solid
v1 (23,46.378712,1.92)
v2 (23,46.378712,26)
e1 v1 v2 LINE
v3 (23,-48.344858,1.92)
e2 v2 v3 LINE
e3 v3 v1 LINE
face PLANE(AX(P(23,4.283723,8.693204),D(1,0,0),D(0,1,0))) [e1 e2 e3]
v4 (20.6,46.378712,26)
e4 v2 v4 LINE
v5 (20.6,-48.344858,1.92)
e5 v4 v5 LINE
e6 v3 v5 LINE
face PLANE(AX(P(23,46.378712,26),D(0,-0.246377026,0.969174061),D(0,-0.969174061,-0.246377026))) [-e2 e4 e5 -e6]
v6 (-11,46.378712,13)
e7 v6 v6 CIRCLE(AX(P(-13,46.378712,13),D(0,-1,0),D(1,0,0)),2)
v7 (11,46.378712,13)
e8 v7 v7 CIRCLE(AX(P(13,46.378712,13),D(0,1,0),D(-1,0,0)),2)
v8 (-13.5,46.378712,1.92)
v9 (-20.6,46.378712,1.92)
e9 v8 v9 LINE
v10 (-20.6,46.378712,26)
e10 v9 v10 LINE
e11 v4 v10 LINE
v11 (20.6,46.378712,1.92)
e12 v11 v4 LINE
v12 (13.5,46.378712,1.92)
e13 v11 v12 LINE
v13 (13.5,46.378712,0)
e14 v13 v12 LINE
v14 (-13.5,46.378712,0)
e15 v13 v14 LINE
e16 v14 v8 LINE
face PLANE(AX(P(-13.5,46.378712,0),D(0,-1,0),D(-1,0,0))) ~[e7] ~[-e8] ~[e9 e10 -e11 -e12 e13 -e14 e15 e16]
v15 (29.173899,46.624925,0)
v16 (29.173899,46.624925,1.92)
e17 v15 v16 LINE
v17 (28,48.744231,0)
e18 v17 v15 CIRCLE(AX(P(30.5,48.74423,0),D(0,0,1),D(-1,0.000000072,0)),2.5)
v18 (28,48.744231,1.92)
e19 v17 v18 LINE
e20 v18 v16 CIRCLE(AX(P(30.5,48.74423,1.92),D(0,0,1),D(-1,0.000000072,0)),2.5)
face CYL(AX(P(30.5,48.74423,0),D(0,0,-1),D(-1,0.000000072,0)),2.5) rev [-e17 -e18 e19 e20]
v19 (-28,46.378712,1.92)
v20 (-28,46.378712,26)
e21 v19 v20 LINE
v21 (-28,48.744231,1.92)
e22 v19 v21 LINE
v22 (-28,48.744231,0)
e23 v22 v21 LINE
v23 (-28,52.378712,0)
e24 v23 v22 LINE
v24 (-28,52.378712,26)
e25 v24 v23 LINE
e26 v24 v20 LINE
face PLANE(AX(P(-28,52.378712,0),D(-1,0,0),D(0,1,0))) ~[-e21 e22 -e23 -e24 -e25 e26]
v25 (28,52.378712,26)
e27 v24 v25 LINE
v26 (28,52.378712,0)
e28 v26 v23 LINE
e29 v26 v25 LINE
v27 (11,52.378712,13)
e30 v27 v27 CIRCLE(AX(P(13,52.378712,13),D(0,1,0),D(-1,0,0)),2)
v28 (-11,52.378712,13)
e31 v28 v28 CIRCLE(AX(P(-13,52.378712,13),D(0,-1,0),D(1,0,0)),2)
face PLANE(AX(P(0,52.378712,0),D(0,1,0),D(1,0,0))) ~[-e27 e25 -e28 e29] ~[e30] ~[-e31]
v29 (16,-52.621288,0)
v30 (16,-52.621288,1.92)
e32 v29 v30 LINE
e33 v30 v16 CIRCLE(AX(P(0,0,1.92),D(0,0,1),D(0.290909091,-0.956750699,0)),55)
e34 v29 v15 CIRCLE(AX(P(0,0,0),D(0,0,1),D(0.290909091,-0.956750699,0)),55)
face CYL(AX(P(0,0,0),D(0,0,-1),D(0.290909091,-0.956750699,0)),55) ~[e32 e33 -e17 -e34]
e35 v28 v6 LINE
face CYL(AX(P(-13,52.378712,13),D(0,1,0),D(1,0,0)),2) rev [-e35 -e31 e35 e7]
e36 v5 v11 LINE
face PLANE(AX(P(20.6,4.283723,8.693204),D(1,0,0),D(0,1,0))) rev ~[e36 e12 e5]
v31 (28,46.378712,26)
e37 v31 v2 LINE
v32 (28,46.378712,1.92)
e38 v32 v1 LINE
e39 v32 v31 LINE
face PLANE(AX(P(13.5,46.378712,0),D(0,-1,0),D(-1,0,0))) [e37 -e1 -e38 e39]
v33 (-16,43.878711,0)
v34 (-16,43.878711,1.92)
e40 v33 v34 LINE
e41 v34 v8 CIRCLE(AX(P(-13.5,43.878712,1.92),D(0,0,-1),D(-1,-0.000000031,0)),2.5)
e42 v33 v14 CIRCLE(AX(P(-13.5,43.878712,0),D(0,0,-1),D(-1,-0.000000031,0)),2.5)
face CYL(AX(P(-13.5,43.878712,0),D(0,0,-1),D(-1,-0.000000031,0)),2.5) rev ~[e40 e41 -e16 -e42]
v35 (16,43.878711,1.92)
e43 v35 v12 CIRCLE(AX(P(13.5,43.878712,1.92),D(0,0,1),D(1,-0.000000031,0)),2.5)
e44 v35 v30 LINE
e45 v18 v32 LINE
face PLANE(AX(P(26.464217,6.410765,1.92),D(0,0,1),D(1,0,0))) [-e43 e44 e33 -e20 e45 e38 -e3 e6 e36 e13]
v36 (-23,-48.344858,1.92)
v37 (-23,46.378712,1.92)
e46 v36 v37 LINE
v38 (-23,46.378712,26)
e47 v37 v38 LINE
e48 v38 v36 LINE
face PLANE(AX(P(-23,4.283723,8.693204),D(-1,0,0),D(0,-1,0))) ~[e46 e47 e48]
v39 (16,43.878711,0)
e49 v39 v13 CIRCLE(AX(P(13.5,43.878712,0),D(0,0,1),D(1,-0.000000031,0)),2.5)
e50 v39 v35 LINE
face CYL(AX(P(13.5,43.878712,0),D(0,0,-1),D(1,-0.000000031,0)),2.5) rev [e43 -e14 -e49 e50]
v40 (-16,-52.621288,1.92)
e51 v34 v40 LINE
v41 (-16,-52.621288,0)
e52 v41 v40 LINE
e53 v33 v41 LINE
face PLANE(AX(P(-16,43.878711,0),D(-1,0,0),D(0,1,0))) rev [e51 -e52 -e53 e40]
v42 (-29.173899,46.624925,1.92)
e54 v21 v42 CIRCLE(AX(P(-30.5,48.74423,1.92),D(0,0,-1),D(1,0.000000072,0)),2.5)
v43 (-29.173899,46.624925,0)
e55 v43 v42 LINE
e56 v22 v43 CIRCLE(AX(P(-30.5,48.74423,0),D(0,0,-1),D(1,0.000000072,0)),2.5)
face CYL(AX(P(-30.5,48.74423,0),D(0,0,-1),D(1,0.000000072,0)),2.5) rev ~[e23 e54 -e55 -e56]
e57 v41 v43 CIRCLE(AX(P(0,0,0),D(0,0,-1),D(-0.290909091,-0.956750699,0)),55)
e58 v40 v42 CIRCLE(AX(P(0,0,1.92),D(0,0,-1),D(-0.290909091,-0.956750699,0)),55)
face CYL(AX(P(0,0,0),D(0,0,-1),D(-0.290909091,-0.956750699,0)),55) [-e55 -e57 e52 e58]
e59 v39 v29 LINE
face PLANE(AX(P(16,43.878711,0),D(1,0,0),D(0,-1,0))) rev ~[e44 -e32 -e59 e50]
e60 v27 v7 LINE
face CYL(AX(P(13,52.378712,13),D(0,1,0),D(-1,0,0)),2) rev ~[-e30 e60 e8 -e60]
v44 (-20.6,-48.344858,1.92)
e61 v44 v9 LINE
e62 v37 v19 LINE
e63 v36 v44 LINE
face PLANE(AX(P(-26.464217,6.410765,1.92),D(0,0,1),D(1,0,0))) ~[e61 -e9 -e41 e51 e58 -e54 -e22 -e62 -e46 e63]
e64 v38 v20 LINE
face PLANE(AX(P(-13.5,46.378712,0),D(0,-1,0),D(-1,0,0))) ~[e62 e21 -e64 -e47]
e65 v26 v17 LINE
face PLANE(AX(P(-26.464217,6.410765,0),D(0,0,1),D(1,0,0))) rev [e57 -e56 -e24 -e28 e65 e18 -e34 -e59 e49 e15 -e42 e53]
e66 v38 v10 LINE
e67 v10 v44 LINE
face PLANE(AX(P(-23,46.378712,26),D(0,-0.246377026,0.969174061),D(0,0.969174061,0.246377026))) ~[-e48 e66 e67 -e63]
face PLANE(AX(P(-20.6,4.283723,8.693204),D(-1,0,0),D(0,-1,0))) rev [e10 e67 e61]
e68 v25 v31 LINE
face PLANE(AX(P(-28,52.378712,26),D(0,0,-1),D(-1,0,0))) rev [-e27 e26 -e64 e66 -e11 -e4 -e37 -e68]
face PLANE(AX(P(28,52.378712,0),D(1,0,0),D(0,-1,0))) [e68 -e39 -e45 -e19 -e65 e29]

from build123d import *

# Parameters (mm, degrees)
PAD018_DEPTH = 1.92
SKETCH042_W  = 28
SKETCH042_H  = 26
SKETCH042_R  = 2
PAD020_DEPTH = 6
PAD021_DEPTH = 2.4


with BuildPart() as part:
    # Sketch038 → Pad018 (new body)
    with BuildSketch(Plane.XY):
        with BuildLine():
            ThreePointArc((16, -52.6212884677), (54.5217663163, -7.237195434), (29.1738989847, 46.6249248582))
            ThreePointArc((28, 48.7442306082), (28.3130783141, 47.5328784807), (29.1738989848, 46.6249248582))
            Line((28, 52.3787115323), (28, 48.7442306082))
            Line((0, 52.3787115323), (28, 52.3787115323))
            Line((0, 46.3787115323), (0, 52.3787115323))
            Line((13.5000003539, 46.3787115323), (0, 46.3787115323))
            ThreePointArc((16, 43.8787114546), (15.2677671056, 45.6464783327), (13.5000003539, 46.3787115323))
            Line((16, 43.8787114546), (16, -52.6212884677))
        make_face()
    pad018 = extrude(amount=PAD018_DEPTH)

    # Sketch042 (on DatumPlane) → Pad020 (join)
    with BuildSketch(Plane(origin=(0, 52.3787115323, 0), x_dir=(-1, 0, 0), z_dir=(0, 1, 0))):
        with Locations((-14, 13)):
            Rectangle(SKETCH042_W, SKETCH042_H)
        with Locations((-13, 13)):
            Circle(SKETCH042_R, mode=Mode.SUBTRACT)
    pad020 = extrude(amount=-PAD020_DEPTH)

    # Sketch043 (on DatumPlane) → Pad021 (join)
    with BuildSketch(Plane(origin=(23, 0, 0), x_dir=(0, -1, 0), z_dir=(-1, 0, 0))):
        Polygon((-46.3787115323, 26), (48.344858, 1.92), (-46.3787115323, 1.92), align=None)
    pad021 = extrude(amount=PAD021_DEPTH)

    # Mirrored011: Pad018, Pad020, Pad021 across Sketch038 V_Axis
    add(pad018.mirror(Plane(origin=(0, 0, 0), x_dir=(0, 0, 1), z_dir=(1, 0, 0))))
    add(pad020.mirror(Plane(origin=(0, 0, 0), x_dir=(0, 0, 1), z_dir=(1, 0, 0))))
    add(pad021.mirror(Plane(origin=(0, 0, 0), x_dir=(0, 0, 1), z_dir=(1, 0, 0))))


solid = part.part
